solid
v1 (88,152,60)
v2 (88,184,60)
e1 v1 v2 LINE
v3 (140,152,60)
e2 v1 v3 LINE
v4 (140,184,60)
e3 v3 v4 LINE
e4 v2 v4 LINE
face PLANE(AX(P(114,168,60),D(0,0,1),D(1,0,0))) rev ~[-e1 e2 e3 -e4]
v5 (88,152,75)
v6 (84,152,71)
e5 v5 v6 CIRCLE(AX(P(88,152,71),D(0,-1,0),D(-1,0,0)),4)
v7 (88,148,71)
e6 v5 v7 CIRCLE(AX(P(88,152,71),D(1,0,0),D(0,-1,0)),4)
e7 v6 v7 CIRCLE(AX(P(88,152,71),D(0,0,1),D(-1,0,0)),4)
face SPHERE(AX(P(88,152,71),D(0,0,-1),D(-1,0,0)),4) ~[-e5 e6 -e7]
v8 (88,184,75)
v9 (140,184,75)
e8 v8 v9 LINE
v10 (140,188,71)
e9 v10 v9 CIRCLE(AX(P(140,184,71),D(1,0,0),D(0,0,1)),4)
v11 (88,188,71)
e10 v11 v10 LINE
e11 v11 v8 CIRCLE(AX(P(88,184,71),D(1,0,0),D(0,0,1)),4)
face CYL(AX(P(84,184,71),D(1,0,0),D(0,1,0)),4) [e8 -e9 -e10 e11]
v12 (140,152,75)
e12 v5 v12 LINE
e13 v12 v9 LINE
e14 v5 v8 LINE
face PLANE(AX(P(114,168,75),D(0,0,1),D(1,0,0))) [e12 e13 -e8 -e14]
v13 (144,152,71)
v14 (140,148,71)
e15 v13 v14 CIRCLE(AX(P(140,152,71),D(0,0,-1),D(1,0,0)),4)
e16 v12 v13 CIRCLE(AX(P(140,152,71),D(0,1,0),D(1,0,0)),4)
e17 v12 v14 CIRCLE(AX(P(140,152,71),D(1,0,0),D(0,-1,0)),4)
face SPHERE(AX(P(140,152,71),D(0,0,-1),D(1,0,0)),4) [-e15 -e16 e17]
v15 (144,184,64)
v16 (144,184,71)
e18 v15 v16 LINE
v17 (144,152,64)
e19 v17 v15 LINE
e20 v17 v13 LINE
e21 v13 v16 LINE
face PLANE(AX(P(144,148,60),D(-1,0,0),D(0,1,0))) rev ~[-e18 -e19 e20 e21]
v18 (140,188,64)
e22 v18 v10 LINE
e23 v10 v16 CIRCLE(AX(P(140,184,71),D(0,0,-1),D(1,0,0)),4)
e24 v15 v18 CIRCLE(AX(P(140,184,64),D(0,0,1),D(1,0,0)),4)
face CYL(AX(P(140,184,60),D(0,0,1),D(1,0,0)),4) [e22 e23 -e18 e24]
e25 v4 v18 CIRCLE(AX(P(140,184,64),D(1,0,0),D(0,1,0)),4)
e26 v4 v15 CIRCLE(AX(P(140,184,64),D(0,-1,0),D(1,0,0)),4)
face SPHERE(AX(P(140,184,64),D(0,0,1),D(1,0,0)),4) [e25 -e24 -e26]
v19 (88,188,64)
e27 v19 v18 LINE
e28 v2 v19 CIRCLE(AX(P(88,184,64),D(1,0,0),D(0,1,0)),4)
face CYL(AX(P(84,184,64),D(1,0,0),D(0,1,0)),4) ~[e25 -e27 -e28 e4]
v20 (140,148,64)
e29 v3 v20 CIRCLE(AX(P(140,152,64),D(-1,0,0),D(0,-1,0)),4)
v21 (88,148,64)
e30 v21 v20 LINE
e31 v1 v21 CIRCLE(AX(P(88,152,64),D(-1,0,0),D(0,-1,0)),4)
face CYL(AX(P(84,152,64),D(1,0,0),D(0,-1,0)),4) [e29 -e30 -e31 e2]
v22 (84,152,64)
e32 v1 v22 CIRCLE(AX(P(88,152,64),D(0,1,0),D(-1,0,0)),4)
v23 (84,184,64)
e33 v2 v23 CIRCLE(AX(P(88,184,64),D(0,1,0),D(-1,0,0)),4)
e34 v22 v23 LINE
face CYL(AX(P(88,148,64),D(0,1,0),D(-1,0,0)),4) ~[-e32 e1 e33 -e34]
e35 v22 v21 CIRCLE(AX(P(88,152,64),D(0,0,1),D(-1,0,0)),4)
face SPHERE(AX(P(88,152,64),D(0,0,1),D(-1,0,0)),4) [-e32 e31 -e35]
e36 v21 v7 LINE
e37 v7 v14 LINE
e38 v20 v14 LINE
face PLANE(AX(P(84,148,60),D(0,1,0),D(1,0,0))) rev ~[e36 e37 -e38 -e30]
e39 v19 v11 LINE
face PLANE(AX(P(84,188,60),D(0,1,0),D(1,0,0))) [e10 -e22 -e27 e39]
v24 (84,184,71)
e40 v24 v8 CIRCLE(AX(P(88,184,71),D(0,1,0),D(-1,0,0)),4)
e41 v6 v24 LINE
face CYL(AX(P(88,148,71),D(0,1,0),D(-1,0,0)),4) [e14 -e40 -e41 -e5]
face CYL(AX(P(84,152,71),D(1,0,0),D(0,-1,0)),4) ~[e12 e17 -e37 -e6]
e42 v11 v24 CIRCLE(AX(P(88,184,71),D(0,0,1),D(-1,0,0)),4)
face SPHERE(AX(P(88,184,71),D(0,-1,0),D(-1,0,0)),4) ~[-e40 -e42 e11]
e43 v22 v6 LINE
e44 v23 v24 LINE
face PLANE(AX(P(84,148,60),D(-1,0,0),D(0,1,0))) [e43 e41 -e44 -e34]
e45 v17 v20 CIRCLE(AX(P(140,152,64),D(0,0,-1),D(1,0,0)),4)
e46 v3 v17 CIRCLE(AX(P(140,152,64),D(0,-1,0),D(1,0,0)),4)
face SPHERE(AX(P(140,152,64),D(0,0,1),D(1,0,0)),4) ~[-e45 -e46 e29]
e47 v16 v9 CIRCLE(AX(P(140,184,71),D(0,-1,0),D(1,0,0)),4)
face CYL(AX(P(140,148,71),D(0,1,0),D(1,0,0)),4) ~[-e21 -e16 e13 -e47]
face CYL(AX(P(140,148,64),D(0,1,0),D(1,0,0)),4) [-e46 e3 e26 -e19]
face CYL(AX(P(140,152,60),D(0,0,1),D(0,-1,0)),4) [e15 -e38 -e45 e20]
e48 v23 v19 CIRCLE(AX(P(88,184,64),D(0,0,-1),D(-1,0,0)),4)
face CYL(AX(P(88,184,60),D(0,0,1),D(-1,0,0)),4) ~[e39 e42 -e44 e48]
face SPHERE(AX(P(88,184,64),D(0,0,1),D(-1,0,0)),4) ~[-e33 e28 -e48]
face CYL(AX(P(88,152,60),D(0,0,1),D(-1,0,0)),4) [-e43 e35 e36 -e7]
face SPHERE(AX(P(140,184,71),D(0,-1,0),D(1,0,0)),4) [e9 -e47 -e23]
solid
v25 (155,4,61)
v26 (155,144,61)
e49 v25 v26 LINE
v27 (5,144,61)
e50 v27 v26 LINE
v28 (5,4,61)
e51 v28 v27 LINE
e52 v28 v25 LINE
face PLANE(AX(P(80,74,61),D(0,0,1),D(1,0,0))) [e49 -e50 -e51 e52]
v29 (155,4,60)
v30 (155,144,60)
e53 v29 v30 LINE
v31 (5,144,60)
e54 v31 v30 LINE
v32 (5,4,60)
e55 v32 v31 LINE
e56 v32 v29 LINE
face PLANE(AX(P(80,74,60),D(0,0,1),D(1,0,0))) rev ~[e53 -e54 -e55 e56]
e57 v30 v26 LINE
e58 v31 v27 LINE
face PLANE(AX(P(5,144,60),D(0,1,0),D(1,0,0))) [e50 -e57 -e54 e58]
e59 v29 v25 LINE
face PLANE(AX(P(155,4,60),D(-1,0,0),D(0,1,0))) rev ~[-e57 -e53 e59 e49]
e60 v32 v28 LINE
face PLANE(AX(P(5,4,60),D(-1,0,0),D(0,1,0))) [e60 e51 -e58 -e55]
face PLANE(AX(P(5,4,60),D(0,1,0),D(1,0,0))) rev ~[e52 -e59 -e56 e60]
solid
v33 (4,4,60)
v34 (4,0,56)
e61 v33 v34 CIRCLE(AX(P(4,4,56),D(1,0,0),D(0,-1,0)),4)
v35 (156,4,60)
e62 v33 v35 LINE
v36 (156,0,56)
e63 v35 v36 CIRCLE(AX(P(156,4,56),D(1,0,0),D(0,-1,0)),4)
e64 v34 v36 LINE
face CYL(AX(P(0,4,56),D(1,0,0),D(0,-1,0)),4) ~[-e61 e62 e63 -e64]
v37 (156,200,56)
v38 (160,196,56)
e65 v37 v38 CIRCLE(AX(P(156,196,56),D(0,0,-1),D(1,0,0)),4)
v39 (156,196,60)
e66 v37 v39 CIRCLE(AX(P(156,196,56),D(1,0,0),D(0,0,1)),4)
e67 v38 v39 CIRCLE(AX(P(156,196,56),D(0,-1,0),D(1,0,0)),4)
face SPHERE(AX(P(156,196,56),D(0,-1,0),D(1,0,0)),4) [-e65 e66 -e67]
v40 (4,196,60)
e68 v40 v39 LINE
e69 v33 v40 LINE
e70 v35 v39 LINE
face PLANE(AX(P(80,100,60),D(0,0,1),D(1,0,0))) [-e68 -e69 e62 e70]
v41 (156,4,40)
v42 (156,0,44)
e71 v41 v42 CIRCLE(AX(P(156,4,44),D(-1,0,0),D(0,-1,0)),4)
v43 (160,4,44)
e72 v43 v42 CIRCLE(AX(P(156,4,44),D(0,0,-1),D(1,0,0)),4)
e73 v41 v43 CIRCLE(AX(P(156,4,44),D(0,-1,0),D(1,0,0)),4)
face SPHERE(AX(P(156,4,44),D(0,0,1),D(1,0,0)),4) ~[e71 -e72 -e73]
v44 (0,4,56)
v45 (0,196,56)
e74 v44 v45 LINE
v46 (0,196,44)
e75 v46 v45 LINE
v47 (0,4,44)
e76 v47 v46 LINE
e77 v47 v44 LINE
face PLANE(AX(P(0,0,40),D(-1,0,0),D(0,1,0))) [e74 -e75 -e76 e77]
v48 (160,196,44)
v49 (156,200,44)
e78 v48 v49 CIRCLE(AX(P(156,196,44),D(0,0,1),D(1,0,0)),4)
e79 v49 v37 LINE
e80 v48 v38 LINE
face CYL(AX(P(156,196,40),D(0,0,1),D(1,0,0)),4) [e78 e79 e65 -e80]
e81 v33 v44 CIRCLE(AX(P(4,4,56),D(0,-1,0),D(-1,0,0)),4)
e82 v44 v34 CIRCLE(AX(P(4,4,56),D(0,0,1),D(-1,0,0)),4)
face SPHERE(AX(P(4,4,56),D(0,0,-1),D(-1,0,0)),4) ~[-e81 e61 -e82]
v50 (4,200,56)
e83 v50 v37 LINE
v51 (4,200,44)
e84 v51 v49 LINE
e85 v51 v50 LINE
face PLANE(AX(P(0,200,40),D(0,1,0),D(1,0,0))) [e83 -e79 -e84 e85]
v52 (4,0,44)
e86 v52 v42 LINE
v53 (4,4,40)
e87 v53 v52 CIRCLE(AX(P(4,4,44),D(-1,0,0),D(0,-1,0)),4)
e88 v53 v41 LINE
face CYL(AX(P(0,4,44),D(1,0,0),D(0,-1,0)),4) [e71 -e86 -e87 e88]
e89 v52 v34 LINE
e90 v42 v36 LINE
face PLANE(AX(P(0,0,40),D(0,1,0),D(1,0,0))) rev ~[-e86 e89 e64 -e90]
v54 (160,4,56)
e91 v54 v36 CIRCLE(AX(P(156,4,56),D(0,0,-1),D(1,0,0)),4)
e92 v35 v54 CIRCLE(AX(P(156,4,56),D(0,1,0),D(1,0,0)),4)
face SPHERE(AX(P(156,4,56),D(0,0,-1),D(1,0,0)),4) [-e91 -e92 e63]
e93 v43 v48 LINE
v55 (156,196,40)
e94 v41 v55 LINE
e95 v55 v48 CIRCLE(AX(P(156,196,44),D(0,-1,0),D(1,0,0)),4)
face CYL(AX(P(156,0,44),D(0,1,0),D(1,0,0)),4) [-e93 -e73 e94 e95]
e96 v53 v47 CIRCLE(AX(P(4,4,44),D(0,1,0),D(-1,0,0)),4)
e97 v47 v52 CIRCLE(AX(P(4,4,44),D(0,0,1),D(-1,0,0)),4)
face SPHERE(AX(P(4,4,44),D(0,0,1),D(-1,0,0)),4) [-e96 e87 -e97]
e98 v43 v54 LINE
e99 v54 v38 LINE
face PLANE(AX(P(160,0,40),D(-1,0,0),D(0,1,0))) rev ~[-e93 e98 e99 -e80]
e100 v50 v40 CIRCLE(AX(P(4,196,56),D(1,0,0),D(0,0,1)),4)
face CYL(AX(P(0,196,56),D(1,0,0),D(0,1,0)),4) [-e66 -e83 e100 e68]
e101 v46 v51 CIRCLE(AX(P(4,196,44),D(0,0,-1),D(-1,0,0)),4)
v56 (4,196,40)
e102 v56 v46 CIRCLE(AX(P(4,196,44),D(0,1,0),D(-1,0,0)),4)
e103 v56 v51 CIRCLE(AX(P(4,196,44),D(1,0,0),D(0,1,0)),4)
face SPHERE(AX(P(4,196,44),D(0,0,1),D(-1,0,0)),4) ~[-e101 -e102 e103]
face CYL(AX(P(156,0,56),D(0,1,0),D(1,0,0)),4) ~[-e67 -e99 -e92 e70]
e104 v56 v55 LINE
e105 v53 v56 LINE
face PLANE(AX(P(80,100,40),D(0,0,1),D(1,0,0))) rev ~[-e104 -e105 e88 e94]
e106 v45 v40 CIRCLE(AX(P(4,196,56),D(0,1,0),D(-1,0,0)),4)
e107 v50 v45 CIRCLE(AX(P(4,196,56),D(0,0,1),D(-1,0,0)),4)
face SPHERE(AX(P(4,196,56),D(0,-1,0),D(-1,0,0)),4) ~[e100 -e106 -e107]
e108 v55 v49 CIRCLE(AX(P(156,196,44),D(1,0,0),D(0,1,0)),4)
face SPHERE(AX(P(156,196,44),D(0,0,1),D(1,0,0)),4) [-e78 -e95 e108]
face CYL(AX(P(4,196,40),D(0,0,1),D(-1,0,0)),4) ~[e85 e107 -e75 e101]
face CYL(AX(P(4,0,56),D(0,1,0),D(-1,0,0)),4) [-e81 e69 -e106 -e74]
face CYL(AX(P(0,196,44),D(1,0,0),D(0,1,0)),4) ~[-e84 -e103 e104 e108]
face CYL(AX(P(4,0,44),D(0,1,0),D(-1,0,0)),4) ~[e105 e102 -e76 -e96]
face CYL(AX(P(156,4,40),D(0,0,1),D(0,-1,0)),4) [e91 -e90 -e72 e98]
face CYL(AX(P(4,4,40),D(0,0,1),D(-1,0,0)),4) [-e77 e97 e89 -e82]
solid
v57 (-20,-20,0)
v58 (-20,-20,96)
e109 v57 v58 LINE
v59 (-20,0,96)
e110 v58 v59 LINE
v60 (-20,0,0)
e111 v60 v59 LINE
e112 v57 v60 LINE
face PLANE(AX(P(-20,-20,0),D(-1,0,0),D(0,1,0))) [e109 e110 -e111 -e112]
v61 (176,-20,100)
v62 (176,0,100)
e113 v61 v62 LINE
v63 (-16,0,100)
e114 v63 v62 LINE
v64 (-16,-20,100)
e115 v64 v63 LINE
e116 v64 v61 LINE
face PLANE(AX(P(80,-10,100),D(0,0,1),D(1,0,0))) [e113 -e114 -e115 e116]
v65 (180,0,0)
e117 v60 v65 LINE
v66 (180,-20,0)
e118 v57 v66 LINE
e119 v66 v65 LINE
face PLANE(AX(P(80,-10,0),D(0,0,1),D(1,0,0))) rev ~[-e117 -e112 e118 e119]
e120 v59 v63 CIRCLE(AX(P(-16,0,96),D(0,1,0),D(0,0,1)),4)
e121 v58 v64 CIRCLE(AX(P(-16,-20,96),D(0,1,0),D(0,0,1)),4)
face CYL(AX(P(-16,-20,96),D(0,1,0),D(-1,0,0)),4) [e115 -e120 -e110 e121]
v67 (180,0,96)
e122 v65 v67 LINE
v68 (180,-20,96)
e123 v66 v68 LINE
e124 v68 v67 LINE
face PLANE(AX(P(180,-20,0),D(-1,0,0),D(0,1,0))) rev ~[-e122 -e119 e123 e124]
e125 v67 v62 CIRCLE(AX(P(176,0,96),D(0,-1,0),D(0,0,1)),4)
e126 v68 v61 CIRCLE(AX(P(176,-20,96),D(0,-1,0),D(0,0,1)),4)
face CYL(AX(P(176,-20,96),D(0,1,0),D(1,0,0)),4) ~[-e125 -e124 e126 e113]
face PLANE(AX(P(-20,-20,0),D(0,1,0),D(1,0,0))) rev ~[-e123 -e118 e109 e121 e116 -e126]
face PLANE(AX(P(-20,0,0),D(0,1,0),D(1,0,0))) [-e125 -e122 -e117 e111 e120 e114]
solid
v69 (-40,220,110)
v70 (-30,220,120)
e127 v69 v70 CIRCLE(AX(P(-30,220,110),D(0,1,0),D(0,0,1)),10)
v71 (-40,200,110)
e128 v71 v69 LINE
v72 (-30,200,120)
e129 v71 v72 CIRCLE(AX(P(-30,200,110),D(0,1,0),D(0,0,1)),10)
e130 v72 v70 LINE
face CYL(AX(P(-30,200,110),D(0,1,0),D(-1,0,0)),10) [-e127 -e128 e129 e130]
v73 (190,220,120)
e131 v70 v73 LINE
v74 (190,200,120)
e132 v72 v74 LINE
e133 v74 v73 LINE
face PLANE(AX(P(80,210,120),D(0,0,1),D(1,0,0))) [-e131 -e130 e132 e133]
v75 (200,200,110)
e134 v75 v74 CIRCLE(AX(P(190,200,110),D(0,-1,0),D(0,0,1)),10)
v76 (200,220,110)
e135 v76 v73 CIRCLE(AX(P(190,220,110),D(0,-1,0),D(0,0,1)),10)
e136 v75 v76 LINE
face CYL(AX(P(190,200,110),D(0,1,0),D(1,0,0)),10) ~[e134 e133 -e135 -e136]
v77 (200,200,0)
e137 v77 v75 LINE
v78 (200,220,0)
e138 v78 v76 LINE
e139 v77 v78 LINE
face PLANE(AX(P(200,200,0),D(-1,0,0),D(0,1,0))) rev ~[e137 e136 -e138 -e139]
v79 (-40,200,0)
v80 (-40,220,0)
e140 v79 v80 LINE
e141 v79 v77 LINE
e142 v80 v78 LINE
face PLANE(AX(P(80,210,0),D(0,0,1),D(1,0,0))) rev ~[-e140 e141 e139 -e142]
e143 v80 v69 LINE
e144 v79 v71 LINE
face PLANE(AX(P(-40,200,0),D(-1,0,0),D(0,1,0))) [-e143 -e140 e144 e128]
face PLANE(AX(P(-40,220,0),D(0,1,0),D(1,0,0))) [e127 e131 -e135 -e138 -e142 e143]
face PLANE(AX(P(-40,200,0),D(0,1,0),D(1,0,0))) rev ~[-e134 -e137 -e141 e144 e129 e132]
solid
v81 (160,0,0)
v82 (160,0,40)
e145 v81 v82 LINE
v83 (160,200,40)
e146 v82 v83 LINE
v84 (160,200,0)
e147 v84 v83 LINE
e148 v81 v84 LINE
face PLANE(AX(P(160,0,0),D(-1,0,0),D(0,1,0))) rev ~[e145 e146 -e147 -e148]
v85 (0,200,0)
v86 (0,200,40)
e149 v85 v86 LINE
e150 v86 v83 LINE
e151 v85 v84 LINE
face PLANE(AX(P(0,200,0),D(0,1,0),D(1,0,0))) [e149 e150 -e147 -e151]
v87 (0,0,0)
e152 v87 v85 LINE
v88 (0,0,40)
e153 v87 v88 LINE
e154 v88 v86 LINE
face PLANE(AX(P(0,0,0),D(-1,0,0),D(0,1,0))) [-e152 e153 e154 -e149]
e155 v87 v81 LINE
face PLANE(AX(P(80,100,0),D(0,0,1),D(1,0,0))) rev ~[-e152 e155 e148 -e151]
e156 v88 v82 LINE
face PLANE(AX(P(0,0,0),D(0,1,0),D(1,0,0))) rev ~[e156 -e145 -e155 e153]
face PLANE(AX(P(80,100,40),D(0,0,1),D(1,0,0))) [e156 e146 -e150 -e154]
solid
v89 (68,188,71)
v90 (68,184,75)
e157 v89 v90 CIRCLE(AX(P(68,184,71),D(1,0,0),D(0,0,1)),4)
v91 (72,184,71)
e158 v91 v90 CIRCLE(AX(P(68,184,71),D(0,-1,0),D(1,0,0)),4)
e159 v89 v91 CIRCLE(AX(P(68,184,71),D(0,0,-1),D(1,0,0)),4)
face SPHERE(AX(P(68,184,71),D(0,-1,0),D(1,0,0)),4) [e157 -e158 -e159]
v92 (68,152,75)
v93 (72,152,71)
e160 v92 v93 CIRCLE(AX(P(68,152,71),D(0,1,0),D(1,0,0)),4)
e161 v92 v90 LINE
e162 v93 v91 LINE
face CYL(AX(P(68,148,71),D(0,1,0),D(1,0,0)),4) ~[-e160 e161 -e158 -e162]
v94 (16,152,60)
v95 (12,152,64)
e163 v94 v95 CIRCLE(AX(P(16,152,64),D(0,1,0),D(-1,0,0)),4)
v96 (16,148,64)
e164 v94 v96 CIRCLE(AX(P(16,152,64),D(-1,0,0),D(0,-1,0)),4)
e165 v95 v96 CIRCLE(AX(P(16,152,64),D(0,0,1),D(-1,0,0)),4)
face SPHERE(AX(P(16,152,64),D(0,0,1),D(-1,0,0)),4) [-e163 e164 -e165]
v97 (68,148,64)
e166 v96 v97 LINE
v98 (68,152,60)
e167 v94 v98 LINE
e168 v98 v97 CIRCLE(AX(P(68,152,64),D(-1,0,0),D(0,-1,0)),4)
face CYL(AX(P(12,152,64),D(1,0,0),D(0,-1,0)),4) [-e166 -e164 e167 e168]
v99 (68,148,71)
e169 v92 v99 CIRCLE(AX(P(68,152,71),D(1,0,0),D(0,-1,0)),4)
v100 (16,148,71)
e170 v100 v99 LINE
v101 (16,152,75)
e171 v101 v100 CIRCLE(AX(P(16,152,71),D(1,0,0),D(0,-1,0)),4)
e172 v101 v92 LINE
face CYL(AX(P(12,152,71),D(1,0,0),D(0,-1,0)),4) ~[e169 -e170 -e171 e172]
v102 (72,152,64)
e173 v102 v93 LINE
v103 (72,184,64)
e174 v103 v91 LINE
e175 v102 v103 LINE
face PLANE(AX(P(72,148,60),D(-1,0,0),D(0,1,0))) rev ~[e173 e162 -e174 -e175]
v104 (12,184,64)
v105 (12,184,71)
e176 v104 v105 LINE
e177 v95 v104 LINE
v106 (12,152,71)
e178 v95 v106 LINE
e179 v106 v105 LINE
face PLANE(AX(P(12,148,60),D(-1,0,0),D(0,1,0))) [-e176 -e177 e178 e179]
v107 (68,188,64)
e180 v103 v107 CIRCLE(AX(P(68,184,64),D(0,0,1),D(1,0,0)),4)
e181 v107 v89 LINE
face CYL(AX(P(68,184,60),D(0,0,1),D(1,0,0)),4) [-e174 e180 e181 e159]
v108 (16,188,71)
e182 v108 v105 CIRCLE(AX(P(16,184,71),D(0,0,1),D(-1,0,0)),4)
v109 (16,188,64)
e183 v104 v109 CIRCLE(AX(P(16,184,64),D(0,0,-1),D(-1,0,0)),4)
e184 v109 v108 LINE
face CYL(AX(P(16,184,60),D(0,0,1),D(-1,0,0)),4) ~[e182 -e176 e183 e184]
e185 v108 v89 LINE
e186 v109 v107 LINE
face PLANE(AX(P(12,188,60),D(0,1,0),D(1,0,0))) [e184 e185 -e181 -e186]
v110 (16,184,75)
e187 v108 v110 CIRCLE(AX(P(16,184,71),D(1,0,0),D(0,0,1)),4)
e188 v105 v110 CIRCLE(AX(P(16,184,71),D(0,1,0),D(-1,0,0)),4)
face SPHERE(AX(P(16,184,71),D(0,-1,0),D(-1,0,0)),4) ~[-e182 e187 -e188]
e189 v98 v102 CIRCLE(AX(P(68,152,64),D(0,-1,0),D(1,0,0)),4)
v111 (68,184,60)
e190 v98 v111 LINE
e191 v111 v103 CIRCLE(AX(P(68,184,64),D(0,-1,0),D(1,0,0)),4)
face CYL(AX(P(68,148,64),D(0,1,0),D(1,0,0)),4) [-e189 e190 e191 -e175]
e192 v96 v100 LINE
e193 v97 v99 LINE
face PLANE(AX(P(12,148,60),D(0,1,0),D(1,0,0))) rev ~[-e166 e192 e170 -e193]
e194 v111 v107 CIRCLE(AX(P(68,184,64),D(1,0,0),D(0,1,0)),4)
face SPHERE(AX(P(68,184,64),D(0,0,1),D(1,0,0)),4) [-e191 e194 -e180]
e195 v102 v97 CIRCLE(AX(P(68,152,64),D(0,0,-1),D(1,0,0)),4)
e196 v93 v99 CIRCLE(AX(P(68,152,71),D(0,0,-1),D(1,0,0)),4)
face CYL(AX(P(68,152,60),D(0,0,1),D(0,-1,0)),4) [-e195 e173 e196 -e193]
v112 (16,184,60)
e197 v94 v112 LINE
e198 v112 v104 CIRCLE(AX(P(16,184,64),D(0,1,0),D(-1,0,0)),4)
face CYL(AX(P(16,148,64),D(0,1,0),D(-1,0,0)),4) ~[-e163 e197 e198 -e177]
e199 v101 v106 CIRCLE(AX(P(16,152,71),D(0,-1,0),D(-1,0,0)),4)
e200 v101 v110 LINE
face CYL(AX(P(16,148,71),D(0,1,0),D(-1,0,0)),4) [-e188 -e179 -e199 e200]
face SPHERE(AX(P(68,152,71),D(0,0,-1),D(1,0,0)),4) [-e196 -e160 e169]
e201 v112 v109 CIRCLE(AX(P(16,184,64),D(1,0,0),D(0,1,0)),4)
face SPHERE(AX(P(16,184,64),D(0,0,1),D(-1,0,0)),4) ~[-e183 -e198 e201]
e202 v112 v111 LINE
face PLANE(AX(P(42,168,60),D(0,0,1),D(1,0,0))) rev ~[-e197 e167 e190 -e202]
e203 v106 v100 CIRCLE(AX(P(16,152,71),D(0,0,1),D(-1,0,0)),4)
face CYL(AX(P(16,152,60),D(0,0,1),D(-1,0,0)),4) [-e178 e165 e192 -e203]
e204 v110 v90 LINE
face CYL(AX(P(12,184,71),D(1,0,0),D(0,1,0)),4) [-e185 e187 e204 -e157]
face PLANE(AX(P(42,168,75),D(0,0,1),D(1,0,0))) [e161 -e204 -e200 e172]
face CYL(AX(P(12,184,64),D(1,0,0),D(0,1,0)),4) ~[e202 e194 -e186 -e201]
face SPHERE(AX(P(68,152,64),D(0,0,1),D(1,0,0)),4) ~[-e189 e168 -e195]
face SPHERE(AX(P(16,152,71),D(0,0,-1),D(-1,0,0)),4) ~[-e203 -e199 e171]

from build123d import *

# Parameters (mm, degrees)
BOX_W        = 160
BOX_H        = 200
BOX_DEPTH    = 40
BOX001_W     = 160
BOX001_H     = 200
BOX001_DEPTH = 20
FILLET_R     = 4
BOX002_W     = 240
BOX002_H     = 20
BOX002_DEPTH = 120
FILLET001_R  = 10
BOX003_W     = 60
BOX003_H     = 40
BOX003_DEPTH = 15
FILLET002_R  = 4
BOX004_W     = 60
BOX004_H     = 40
BOX004_DEPTH = 15
FILLET003_R  = 4
BOX005_W     = 200
BOX005_H     = 20
BOX005_DEPTH = 100
FILLET004_R  = 4
BOX006_W     = 150
BOX006_H     = 140
BOX006_DEPTH = 1


with BuildPart() as sommier:
    # Box → Box (new body)
    with BuildSketch(Plane.XY):
        with Locations((80, 100)):
            Rectangle(BOX_W, BOX_H)
    extrude(amount=BOX_DEPTH)


with BuildPart() as matelas:
    # Box001 → Box001 (new body)
    with BuildSketch(Plane.XY.offset(40)):
        with Locations((80, 100)):
            Rectangle(BOX001_W, BOX001_H)
    extrude(amount=BOX001_DEPTH)

    # Fillet
    fillet_edges = [matelas.edges().sort_by_distance(p)[0] for p in [
        (0, 0, 50),
        (0, 100, 60),
        (0, 200, 50),
        (0, 100, 40),
        (160, 0, 50),
        (160, 100, 60),
        (160, 200, 50),
        (160, 100, 40),
        (80, 0, 40),
        (80, 0, 60),
        (80, 200, 40),
        (80, 200, 60),
    ]]
    fillet(fillet_edges, radius=FILLET_R)


with BuildPart() as tete_de_lit:
    # Box002 → Box002 (new body)
    with BuildSketch(Plane(origin=(-40, 200, 0), x_dir=(1, 0, 0), z_dir=(0, 0, 1))):
        with Locations((120, 10)):
            Rectangle(BOX002_W, BOX002_H)
    extrude(amount=BOX002_DEPTH)

    # Fillet001
    fillet001_edges = [tete_de_lit.edges().sort_by_distance(p)[0] for p in [
        (-40, 210, 120),
        (200, 210, 120),
    ]]
    fillet(fillet001_edges, radius=FILLET001_R)


with BuildPart() as fillet002:
    # Box003 → Box003 (new body)
    with BuildSketch(Plane(origin=(12, 148, 60), x_dir=(1, 0, 0), z_dir=(0, 0, 1))):
        with Locations((30, 20)):
            Rectangle(BOX003_W, BOX003_H)
    extrude(amount=BOX003_DEPTH)

    # Fillet002
    fillet002_edges = [fillet002.edges().sort_by_distance(p)[0] for p in [
        (12, 148, 67.5),
        (12, 168, 75),
        (12, 188, 67.5),
        (12, 168, 60),
        (72, 148, 67.5),
        (72, 168, 75),
        (72, 188, 67.5),
        (72, 168, 60),
        (42, 148, 60),
        (42, 148, 75),
        (42, 188, 60),
        (42, 188, 75),
    ]]
    fillet(fillet002_edges, radius=FILLET002_R)


with BuildPart() as fillet003:
    # Box004 → Box004 (new body)
    with BuildSketch(Plane(origin=(84, 148, 60), x_dir=(1, 0, 0), z_dir=(0, 0, 1))):
        with Locations((30, 20)):
            Rectangle(BOX004_W, BOX004_H)
    extrude(amount=BOX004_DEPTH)

    # Fillet003
    fillet003_edges = [fillet003.edges().sort_by_distance(p)[0] for p in [
        (84, 148, 67.5),
        (84, 168, 75),
        (84, 188, 67.5),
        (84, 168, 60),
        (144, 148, 67.5),
        (144, 168, 75),
        (144, 188, 67.5),
        (144, 168, 60),
        (114, 148, 60),
        (114, 148, 75),
        (114, 188, 60),
        (114, 188, 75),
    ]]
    fillet(fillet003_edges, radius=FILLET003_R)


with BuildPart() as pied_de_lit:
    # Box005 → Box005 (new body)
    with BuildSketch(Plane(origin=(-20, -20, 0), x_dir=(1, 0, 0), z_dir=(0, 0, 1))):
        with Locations((100, 10)):
            Rectangle(BOX005_W, BOX005_H)
    extrude(amount=BOX005_DEPTH)

    # Fillet004
    fillet004_edges = [pied_de_lit.edges().sort_by_distance(p)[0] for p in [
        (-20, -10, 100),
        (180, -10, 100),
    ]]
    fillet(fillet004_edges, radius=FILLET004_R)


with BuildPart() as couverture:
    # Box006 → Box006 (new body)
    with BuildSketch(Plane(origin=(5, 4, 60), x_dir=(1, 0, 0), z_dir=(0, 0, 1))):
        with Locations((75, 70)):
            Rectangle(BOX006_W, BOX006_H)
    extrude(amount=BOX006_DEPTH)


solid = Compound([sommier.part, matelas.part, tete_de_lit.part, fillet002.part, fillet003.part, pied_de_lit.part, couverture.part])
